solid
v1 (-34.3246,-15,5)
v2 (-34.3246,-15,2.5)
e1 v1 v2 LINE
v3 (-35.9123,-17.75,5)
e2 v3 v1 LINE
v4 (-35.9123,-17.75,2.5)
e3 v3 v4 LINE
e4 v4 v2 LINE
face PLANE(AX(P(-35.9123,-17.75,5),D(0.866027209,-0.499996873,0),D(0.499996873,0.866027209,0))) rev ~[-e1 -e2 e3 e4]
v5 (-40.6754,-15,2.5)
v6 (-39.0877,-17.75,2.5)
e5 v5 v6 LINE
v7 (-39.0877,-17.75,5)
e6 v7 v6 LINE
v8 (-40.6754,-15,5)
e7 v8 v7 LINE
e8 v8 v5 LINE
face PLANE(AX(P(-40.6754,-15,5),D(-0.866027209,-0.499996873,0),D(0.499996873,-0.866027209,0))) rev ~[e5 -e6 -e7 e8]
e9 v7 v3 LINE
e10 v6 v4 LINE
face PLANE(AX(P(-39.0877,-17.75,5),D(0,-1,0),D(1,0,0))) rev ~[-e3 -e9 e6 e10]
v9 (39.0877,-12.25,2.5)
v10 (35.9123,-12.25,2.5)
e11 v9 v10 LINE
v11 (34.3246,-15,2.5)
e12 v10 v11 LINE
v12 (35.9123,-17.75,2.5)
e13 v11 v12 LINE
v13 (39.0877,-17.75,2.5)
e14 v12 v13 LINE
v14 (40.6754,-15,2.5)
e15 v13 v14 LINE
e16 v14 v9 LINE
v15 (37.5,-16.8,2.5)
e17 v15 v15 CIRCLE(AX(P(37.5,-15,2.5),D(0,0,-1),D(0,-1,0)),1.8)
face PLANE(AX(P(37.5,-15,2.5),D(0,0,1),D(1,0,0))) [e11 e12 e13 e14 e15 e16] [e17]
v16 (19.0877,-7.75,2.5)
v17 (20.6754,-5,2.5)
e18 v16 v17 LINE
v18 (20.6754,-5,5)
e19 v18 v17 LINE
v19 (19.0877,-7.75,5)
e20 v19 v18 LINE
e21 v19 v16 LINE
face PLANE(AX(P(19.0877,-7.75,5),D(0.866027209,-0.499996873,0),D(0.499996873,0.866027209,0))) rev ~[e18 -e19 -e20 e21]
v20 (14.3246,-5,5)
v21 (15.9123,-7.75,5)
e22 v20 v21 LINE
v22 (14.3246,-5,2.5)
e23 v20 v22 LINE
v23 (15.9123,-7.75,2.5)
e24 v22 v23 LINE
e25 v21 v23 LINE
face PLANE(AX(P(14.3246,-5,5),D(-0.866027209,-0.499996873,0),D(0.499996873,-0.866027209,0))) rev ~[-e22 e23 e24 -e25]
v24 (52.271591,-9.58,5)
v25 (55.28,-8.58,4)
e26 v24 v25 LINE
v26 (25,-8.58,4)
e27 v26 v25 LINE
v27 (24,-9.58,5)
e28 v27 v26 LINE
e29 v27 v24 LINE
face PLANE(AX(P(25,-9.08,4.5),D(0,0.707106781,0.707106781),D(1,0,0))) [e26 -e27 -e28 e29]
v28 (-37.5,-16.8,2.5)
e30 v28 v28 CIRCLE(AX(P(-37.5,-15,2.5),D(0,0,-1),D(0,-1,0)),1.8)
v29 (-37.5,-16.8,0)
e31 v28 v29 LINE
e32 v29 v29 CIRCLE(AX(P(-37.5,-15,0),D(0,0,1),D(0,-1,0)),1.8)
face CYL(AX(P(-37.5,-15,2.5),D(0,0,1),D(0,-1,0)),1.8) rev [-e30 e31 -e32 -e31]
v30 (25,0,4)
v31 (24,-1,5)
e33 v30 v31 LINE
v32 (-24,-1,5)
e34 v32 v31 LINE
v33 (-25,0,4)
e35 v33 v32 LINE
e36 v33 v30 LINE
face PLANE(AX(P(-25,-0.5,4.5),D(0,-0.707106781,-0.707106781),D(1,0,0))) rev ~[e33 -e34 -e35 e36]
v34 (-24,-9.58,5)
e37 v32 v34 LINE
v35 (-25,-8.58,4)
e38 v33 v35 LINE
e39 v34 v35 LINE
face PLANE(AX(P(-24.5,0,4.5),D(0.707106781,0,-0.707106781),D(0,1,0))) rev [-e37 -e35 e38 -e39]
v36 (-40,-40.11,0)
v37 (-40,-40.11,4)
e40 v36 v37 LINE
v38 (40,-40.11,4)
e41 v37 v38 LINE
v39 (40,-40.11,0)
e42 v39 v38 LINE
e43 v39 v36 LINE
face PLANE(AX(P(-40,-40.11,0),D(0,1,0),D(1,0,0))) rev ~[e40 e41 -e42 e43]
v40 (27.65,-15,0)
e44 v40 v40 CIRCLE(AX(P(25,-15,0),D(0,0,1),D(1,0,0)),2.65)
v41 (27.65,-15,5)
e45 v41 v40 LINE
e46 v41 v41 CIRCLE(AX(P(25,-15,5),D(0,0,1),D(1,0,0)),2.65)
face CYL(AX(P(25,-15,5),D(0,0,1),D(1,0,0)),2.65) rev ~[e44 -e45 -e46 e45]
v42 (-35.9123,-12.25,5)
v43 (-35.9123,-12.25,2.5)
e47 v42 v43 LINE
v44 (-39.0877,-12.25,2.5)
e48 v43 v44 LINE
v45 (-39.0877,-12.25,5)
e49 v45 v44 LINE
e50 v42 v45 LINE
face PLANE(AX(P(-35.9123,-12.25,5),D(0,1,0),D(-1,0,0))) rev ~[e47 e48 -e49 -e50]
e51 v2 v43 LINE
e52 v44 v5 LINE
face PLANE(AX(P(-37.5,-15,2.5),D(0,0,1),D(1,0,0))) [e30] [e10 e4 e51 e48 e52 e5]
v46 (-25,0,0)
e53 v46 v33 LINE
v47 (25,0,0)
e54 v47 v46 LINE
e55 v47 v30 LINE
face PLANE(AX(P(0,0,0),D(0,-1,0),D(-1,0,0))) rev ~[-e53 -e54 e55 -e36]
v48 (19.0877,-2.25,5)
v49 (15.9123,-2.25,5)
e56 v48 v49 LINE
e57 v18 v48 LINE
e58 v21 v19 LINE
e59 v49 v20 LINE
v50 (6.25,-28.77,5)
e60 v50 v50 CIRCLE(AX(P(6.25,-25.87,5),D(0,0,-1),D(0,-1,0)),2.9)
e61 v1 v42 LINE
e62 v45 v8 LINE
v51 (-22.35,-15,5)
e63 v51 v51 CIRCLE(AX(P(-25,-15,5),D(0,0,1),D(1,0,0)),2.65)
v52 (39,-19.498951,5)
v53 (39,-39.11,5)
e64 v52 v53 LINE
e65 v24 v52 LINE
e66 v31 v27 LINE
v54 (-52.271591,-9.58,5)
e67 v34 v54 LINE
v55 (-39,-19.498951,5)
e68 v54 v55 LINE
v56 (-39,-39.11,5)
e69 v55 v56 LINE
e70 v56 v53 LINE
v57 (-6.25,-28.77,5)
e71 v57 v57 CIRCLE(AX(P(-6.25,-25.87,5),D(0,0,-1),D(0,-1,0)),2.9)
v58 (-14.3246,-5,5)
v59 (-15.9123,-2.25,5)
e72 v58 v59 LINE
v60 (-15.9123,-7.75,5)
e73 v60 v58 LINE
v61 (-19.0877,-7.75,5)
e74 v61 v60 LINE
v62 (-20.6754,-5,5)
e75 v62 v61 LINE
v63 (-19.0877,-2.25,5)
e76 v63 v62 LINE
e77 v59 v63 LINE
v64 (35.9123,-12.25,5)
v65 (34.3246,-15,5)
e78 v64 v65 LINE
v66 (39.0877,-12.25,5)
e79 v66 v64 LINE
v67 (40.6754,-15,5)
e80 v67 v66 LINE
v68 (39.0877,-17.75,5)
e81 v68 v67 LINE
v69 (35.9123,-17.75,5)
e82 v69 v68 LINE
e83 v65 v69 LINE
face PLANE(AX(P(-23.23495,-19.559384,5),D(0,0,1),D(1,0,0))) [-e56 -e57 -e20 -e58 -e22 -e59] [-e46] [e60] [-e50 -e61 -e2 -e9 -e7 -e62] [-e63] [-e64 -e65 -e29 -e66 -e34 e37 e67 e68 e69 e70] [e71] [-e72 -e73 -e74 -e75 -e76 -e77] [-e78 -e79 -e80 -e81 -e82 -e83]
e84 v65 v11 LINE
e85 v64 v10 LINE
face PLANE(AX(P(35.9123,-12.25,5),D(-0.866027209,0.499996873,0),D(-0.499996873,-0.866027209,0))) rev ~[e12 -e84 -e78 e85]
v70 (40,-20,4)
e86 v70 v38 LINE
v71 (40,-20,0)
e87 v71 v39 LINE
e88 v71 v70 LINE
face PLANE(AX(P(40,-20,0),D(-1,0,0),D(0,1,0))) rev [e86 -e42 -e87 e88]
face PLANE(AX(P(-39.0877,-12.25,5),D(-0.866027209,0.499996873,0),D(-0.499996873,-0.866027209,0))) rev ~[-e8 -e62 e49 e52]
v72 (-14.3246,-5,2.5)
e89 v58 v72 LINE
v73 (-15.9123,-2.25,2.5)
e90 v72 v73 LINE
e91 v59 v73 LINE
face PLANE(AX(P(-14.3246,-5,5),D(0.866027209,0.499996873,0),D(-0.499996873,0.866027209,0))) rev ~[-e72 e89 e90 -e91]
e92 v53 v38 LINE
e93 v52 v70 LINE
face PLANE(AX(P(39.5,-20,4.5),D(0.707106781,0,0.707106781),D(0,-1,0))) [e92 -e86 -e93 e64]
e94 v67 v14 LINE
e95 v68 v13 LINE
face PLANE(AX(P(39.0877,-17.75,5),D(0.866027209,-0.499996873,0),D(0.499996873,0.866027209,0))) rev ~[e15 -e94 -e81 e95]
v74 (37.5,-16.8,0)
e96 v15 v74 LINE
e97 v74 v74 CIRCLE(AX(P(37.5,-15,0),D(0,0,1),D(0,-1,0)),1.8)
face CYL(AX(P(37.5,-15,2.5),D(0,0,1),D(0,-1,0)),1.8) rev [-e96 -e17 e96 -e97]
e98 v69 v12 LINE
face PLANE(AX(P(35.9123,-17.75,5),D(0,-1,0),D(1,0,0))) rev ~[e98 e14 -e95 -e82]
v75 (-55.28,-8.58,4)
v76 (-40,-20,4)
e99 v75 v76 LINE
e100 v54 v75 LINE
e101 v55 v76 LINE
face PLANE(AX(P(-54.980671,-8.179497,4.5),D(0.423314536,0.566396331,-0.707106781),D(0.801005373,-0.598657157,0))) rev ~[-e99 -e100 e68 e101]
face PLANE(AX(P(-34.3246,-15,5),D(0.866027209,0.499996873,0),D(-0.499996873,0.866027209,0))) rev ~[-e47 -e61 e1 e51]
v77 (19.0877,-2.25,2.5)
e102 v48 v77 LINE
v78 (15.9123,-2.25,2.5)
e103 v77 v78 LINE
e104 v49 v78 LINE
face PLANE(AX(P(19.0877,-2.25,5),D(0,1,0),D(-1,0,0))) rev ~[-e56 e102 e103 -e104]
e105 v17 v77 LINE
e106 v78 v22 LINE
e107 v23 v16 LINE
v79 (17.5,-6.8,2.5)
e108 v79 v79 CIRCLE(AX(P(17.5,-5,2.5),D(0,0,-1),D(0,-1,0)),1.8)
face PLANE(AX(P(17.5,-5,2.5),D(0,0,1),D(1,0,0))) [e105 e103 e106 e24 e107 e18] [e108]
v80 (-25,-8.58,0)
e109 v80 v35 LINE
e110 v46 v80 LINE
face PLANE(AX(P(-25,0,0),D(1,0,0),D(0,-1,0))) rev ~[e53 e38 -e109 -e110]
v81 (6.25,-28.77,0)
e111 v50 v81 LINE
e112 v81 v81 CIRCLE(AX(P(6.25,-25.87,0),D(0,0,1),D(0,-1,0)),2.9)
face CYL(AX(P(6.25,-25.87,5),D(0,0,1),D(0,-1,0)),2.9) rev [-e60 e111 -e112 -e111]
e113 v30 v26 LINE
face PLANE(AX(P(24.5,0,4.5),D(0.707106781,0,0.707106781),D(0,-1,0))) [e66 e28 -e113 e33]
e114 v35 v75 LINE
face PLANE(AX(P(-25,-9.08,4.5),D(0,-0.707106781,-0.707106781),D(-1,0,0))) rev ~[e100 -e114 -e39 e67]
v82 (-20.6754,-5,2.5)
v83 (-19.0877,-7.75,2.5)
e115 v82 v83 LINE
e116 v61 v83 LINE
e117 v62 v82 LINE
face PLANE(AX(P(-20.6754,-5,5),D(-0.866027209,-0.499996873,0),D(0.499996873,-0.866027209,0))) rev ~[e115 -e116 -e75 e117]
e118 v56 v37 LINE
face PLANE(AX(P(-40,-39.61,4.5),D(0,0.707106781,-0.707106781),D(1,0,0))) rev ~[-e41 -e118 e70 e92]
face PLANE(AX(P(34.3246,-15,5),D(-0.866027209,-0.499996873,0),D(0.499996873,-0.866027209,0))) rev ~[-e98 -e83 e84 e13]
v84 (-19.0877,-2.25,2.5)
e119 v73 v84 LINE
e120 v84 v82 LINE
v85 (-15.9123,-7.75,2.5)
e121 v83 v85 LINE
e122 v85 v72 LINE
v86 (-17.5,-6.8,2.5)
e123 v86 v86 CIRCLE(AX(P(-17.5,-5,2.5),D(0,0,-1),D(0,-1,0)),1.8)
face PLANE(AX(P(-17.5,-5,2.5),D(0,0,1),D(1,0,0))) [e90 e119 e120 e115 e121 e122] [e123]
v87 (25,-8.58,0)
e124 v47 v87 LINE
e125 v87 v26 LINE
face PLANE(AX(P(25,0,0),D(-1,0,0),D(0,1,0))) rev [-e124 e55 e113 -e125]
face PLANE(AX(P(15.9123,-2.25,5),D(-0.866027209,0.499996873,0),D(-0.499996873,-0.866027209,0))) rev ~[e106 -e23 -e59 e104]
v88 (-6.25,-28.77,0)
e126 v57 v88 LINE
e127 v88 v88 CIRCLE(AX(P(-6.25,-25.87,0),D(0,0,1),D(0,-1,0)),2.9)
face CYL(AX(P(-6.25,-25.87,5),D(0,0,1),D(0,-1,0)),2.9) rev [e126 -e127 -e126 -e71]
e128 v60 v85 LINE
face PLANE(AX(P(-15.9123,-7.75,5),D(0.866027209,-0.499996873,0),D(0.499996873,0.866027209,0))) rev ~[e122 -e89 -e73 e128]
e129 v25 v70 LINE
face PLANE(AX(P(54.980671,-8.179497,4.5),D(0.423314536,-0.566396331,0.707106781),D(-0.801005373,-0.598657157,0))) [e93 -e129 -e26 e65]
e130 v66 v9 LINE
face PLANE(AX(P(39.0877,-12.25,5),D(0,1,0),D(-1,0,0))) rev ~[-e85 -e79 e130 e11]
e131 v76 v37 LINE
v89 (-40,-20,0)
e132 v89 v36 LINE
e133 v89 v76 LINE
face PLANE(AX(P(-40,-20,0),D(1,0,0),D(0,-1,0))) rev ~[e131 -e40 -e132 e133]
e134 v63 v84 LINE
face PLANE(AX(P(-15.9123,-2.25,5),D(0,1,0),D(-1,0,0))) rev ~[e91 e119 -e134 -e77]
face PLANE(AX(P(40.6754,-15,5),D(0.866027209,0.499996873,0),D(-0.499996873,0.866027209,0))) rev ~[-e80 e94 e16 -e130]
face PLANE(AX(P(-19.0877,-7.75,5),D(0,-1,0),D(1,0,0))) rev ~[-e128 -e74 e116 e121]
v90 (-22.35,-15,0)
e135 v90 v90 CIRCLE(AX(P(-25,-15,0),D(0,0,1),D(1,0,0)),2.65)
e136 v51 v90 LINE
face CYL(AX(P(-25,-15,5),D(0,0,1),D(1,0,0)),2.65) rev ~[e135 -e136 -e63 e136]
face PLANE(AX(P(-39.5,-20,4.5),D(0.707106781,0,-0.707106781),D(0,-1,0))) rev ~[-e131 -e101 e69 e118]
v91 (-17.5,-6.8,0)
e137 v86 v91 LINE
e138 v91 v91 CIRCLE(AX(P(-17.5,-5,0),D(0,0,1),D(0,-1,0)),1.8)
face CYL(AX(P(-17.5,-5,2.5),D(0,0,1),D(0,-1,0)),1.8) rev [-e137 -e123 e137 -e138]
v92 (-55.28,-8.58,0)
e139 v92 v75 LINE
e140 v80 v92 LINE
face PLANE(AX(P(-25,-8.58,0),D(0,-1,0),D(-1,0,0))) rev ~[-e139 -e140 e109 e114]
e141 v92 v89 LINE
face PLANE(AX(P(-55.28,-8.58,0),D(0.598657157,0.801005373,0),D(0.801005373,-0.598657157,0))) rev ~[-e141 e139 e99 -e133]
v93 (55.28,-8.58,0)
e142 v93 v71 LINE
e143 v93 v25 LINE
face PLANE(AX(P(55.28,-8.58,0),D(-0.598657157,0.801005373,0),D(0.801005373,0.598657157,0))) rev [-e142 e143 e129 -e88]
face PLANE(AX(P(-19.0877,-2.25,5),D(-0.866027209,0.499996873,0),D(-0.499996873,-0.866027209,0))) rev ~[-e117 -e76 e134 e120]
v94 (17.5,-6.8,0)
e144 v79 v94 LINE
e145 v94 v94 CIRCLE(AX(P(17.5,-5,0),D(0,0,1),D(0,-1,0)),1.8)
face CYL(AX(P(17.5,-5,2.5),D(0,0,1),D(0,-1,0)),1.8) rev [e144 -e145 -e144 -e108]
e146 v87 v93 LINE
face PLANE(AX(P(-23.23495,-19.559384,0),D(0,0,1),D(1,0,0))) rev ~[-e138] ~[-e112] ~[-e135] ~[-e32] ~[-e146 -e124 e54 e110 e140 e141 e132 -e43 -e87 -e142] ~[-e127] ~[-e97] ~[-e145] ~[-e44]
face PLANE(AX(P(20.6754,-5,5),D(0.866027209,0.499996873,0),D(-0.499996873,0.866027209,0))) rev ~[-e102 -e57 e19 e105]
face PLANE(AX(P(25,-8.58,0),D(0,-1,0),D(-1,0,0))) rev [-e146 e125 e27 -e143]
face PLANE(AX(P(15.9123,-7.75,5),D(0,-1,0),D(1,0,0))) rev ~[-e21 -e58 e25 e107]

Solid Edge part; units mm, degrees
sketch "Sketch1" plane through (0, 0, 0) normal (0, 0, 1) x (1, 0, 0)
  line L0 (0, 0) -> (-25, 0)
  line L1 (-25, 0) -> (-25, -8.58)
  line L2 (-25, -8.58) -> (-55.28, -8.58)
  line L3 (-55.28, -8.58) -> (-40, -20)
  line L4 (-40, -20) -> (-40, -40.11)
  line L5 (-40, -40.11) -> (0, -40.11)
  line L6 (0, -40.11) -> (0, 0)
  dimension "D1" = 25
  dimension "D2" = 40
  dimension "D3" = 30.28
  dimension "D4" = 8.58
  dimension "D5" = 40.11
  dimension "D6" = 11.42
extrude "Protrusion1" add sketch "Sketch1" along normal blind 5
mirror "Mirror1" about plane through (0, 0, 0) normal (1, 0, 0) of "Protrusion1"
chamfer "Fase_1" distance 1 angle 45 10 edges at (-40.14, -8.58, 5) (-25, -4.29, 5) (0, 0, 5) (25, -4.29, 5) (40.14, -8.58, 5) (47.64, -14.29, 5) (40, -30.055, 5) (0, -40.11, 5) (-40, -30.055, 5) (-47.64, -14.29, 5)
sketch "Sketch2" plane through (0, -20.055, 5) normal (0, 0, 1) x (1, 0, 0)
  circle A0 centre (-25, 5.055) radius 2.65
  circle A1 centre (25, 5.055) radius 2.65
  dimension "D1" = 50
  dimension "D2" = 5.3
  dimension "D3" = 5.3
  dimension "D4" = 15
  dimension "D5" = 25
extrude "Extrusionsausschnitt_1" cut sketch "Sketch2" against normal blind 40
sketch "Sketch3" plane through (0, -20.055, 5) normal (0, 0, 1) x (1, 0, 0)
  line L0 (-15.9123, 17.805) -> (-19.0877, 17.805)
  line L1 (-19.0877, 17.805) -> (-20.6754, 15.055)
  line L2 (-20.6754, 15.055) -> (-19.0877, 12.305)
  line L3 (-19.0877, 12.305) -> (-15.9123, 12.305)
  line L4 (-15.9123, 12.305) -> (-14.3246, 15.055)
  line L5 (-14.3246, 15.055) -> (-15.9123, 17.805)
  line L6 (19.0877, 17.805) -> (15.9123, 17.805)
  line L7 (15.9123, 17.805) -> (14.3246, 15.055)
  line L8 (14.3246, 15.055) -> (15.9123, 12.305)
  line L9 (15.9123, 12.305) -> (19.0877, 12.305)
  line L10 (19.0877, 12.305) -> (20.6754, 15.055)
  line L11 (20.6754, 15.055) -> (19.0877, 17.805)
  line L12 (39.0877, 7.805) -> (35.9123, 7.805)
  line L13 (35.9123, 7.805) -> (34.3246, 5.055)
  line L14 (34.3246, 5.055) -> (35.9123, 2.305)
  line L15 (35.9123, 2.305) -> (39.0877, 2.305)
  line L16 (39.0877, 2.305) -> (40.6754, 5.055)
  line L17 (40.6754, 5.055) -> (39.0877, 7.805)
  line L18 (-35.9123, 7.805) -> (-39.0877, 7.805)
  line L19 (-39.0877, 7.805) -> (-40.6754, 5.055)
  line L20 (-40.6754, 5.055) -> (-39.0877, 2.305)
  line L21 (-39.0877, 2.305) -> (-35.9123, 2.305)
  line L22 (-35.9123, 2.305) -> (-34.3246, 5.055)
  line L23 (-34.3246, 5.055) -> (-35.9123, 7.805)
  dimension "D1" = 5.5
  dimension "D2" = 35
  dimension "D3" = 17.5
  dimension "D4" = 10
  dimension "D5" = 5.5
  dimension "D6" = 75
  dimension "D7" = 37.5
  dimension "D8" = 5.5
  dimension "D9" = 5.5
extrude "Extrusionsausschnitt_2" cut sketch "Sketch3" against normal blind 2.5
hole "Bohrung_1" at (-37.5, -15, 2.5) direction (0, 0, -1) diameter 3.6 end up to next
hole "Hole1" at (-17.5, -5, 2.5) direction (0, 0, -1) diameter 3.6 end up to next
hole "Hole2" at (17.5, -5, 2.5) direction (0, 0, -1) diameter 3.6 end up to next
hole "Hole3" at (37.5, -15, 2.5) direction (0, 0, -1) diameter 3.6 end up to next
hole "Bohrung_5" at (-6.25, -25.87, 5) direction (0, 0, -1) diameter 5.8 end up to next
hole "Hole4" at (6.25, -25.87, 5) direction (0, 0, -1) diameter 5.8 end up to next
properties part number "50" material "Polyacticacid"
